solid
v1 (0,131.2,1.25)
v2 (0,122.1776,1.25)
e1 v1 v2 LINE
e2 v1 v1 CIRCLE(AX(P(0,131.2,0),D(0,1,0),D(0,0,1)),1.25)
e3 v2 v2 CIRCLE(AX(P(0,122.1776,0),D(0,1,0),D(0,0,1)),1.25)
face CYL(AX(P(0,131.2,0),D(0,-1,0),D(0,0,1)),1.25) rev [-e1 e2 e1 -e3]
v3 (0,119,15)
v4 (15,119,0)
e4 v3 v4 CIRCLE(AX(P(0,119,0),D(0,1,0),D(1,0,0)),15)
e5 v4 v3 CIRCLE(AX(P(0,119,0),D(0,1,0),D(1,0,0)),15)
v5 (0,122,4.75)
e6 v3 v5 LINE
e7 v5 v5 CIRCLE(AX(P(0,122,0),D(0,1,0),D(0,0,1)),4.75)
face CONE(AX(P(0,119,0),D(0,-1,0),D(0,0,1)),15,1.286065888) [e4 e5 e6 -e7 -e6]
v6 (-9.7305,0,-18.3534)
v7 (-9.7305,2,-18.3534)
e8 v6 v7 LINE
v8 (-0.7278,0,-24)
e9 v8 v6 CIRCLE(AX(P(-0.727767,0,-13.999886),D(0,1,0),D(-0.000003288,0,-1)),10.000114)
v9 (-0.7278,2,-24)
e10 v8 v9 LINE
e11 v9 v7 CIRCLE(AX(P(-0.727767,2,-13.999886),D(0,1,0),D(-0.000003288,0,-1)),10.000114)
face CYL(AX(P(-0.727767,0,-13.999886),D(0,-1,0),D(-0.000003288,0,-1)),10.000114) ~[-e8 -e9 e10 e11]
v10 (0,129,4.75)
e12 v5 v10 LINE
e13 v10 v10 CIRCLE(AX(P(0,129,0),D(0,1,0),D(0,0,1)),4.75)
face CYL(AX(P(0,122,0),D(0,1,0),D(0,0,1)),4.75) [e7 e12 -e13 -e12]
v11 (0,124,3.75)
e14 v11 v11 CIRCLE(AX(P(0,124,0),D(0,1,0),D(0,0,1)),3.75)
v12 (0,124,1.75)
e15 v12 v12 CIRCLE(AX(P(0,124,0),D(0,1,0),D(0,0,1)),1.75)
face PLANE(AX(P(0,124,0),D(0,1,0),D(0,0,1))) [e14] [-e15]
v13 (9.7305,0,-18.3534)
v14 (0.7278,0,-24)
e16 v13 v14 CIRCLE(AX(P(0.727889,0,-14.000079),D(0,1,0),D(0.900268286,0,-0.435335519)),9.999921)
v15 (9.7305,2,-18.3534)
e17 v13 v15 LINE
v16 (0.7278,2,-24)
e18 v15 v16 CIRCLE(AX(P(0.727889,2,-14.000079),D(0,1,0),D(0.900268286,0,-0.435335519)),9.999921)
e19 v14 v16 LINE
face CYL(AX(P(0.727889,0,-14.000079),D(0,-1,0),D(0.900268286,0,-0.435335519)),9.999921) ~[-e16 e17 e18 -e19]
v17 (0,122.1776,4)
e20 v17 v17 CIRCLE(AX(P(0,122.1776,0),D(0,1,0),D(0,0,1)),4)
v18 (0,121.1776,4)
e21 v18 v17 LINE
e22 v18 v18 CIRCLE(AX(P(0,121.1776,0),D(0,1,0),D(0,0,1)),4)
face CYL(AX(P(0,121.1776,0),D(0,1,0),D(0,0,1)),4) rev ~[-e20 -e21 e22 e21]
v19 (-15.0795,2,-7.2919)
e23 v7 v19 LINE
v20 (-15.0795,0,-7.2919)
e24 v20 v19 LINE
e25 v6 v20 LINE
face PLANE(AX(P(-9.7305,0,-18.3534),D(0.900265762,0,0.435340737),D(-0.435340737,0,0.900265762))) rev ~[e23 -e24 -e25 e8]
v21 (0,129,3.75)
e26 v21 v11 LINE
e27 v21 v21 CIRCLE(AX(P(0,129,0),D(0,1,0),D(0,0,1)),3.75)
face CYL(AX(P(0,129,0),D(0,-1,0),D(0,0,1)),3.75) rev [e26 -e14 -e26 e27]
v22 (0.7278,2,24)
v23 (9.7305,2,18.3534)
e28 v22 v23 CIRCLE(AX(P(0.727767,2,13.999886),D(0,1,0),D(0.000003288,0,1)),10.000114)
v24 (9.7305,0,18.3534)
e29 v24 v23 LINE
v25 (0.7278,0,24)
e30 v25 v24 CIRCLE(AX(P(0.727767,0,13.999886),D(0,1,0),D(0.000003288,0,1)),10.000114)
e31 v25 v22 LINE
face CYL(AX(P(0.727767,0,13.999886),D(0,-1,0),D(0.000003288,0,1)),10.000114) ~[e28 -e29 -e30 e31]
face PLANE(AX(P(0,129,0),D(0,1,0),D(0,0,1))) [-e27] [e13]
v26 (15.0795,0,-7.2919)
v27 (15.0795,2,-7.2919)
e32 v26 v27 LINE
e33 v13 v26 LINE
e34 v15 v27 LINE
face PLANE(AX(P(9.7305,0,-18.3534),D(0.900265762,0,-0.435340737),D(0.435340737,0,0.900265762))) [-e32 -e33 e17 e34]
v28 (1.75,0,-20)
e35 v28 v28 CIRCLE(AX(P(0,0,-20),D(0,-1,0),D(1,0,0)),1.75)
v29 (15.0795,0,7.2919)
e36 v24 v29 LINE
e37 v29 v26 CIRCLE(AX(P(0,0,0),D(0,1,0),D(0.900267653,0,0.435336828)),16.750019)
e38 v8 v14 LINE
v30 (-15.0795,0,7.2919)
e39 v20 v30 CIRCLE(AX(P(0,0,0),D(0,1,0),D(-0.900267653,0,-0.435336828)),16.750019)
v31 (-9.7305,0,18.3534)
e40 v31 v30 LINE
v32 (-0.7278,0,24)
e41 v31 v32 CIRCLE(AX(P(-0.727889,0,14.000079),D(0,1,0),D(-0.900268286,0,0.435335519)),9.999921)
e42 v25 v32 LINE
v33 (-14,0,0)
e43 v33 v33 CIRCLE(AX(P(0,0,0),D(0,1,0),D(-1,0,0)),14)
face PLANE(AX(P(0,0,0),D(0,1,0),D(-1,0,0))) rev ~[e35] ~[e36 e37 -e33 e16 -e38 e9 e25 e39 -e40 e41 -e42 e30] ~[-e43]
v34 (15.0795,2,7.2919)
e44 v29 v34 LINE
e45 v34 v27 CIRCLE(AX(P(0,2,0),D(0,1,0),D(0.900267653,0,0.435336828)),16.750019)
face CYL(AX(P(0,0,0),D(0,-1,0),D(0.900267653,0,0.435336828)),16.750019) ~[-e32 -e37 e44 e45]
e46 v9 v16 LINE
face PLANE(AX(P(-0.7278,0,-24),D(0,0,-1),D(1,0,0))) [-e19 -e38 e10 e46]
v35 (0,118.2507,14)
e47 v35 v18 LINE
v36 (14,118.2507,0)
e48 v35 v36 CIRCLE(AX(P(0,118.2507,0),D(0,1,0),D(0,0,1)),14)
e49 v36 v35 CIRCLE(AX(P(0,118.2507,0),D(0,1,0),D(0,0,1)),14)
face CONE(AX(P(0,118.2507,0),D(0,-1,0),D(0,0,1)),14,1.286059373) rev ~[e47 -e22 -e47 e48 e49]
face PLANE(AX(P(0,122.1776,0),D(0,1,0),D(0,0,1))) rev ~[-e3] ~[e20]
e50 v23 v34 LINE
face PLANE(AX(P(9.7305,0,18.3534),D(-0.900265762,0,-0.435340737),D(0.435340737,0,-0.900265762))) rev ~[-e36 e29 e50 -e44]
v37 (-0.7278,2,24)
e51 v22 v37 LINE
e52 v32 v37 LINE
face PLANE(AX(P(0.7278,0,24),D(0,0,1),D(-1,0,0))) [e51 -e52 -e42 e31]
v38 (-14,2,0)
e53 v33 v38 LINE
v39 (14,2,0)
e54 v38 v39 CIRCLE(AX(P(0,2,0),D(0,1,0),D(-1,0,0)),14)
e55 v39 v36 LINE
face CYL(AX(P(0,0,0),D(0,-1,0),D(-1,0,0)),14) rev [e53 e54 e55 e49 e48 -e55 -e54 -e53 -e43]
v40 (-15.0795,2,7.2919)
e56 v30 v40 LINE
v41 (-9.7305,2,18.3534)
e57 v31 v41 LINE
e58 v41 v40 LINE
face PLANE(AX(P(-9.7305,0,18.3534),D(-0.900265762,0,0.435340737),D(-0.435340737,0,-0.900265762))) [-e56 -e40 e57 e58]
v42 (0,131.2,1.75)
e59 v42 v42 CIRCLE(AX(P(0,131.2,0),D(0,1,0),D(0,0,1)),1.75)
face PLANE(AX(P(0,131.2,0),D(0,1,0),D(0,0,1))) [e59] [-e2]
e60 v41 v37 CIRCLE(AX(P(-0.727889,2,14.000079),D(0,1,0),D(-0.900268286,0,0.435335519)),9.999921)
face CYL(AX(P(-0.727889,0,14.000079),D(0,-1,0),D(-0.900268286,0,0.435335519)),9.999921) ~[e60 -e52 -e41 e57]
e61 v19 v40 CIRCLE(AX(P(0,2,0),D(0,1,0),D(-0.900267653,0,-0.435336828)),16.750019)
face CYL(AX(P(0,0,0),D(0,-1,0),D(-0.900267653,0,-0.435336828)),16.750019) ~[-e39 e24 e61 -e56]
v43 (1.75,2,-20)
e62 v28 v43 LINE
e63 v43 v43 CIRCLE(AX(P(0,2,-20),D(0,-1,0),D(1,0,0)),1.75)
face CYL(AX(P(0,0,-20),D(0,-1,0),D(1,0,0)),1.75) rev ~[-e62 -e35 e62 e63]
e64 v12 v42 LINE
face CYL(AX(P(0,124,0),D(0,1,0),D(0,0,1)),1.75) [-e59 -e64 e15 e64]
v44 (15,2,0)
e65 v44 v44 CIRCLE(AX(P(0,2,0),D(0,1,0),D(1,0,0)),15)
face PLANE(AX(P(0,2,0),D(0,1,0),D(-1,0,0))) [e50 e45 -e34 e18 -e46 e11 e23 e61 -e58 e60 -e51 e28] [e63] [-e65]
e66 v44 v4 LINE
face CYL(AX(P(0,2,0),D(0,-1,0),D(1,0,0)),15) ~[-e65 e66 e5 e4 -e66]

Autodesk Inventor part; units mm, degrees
ref_plane "YZ Plane" through (0, 0, 0) normal (1, 0, 0) x (0, 1, 0)
ref_plane "XZ Plane" through (0, 0, 0) normal (0, 1, 0) x (-1, 0, 0)
ref_plane "XY Plane" through (0, 0, 0) normal (0, 0, 1) x (1, 0, 0)
sketch "Sketch1" plane through (0, 0, 0) normal (0, 1, 0) x (-1, 0, 0)
  circle A0 centre (0, 0) radius 14
  line L0 (0.7278, -24) -> (-0.7278, -24)
  line L1 (-0.7278, 24) -> (0.7278, 24)
  line L2 (16.75, 0) -> (0, 0) construction
  line L3 (0, 24) -> (0, 0) construction
  line L4 (0, 0) -> (0, -24) construction
  line L5 (-28.5847, 0) -> (0, 0) construction
  line L6 (9.7305, 18.3534) -> (15.0795, 7.2919)
  line L7 (9.7305, -18.3534) -> (15.0795, -7.2919)
  line L8 (-9.7305, 18.3534) -> (-15.0795, 7.2919)
  line L9 (-9.7305, -18.3534) -> (-15.0795, -7.2919)
  arc A1 (-15.0795, 7.2919) -> (-15.0795, -7.2919) centre (0, 0) ccw
  arc A2 (15.0795, -7.2919) -> (15.0795, 7.2919) centre (0, 0) ccw
  arc A3 (9.7305, 18.3534) -> (0.7278, 24) centre (0.7278, 14) ccw
  arc A4 (-0.7278, 24) -> (-9.7305, 18.3534) centre (-0.7278, 14) ccw
  arc A5 (0.7278, -24) -> (9.7305, -18.3534) centre (0.7278, -14) ccw
  arc A6 (-9.7305, -18.3534) -> (-0.7278, -24) centre (-0.7278, -14) ccw
  point P0 (-7, 24)
  point P1 (7, 24)
  dimension "d0" = 28
  dimension "d3" = 16.75
  dimension "d4" = 48
  dimension "d5" = 14
  dimension "d6" = 10
extrude "Extrusion1" add sketch "Sketch1" along normal blind 2
sketch "Sketch2" plane through (0, 2, 0) normal (0, 1, 0) x (1, 0, 0)
  circle A0 centre (0, 0) radius 15
  circle A1 centre (0, 0) radius 14
  circle A2 centre (0, 0) radius 14 construction
  dimension "d9" = 30
extrude "Extrusion2" add sketch "Sketch2" along normal blind 117
sketch "Sketch5" plane through (0, 0, 0) normal (1, 0, 0) x (0, 1, 0)
  line L0 (0, 14) -> (119, 14) construction
  line L1 (118.2507, 14) -> (121.1776, 4)
  line L2 (2, 15) -> (119, 15) construction
  line L3 (119, 15) -> (122, 4.75)
  line L4 (0, 0) -> (118.2507, 0) construction
  line L5 (118.2507, 0) -> (118.2507, 14) construction
  line L6 (122, 4.75) -> (129, 4.75)
  line L7 (129, 4.75) -> (129, 3.75)
  line L8 (129, 3.75) -> (124, 3.75)
  line L9 (124, 3.75) -> (124, 1.75)
  line L10 (124, 1.75) -> (131.2, 1.75)
  line L11 (131.2, 1.75) -> (131.2, 1.25)
  line L12 (131.2, 1.25) -> (122.1776, 1.25)
  line L13 (121.1776, 4) -> (122.1776, 4)
  line L14 (122.1776, 4) -> (122.1776, 1.25)
  line L15 (119, 15) -> (119, 14)
  line L16 (119, 14) -> (118.2507, 14)
  dimension "d20" = 1
  dimension "d21" = 4.75
  dimension "d22" = 3
  dimension "d23" = 1
  dimension "d24" = 7
  dimension "d25" = 2.2
  dimension "d26" = 2
  dimension "d27" = 1.25
  dimension "d28" = 5
  dimension "d29" = 4
  dimension "d31" = 1
revolve "Revolution2" add sketch "Sketch5" angle 360 about axis through (0, 0, 0) along (0, 1, 0)
sketch "Sketch6" plane through (0, 0, 0) normal (0, -1, 0) x (1, 0, 0)
  circle A0 centre (0, -20) radius 1.75
  line L0 (0, -20) -> (0, 0) construction
  dimension "d33" = 3.5
  dimension "d34" = 20
extrude "Extrusion4" cut sketch "Sketch6" against normal up to surface (2 mm away)
properties part number "CH_01_0006_syringe"
